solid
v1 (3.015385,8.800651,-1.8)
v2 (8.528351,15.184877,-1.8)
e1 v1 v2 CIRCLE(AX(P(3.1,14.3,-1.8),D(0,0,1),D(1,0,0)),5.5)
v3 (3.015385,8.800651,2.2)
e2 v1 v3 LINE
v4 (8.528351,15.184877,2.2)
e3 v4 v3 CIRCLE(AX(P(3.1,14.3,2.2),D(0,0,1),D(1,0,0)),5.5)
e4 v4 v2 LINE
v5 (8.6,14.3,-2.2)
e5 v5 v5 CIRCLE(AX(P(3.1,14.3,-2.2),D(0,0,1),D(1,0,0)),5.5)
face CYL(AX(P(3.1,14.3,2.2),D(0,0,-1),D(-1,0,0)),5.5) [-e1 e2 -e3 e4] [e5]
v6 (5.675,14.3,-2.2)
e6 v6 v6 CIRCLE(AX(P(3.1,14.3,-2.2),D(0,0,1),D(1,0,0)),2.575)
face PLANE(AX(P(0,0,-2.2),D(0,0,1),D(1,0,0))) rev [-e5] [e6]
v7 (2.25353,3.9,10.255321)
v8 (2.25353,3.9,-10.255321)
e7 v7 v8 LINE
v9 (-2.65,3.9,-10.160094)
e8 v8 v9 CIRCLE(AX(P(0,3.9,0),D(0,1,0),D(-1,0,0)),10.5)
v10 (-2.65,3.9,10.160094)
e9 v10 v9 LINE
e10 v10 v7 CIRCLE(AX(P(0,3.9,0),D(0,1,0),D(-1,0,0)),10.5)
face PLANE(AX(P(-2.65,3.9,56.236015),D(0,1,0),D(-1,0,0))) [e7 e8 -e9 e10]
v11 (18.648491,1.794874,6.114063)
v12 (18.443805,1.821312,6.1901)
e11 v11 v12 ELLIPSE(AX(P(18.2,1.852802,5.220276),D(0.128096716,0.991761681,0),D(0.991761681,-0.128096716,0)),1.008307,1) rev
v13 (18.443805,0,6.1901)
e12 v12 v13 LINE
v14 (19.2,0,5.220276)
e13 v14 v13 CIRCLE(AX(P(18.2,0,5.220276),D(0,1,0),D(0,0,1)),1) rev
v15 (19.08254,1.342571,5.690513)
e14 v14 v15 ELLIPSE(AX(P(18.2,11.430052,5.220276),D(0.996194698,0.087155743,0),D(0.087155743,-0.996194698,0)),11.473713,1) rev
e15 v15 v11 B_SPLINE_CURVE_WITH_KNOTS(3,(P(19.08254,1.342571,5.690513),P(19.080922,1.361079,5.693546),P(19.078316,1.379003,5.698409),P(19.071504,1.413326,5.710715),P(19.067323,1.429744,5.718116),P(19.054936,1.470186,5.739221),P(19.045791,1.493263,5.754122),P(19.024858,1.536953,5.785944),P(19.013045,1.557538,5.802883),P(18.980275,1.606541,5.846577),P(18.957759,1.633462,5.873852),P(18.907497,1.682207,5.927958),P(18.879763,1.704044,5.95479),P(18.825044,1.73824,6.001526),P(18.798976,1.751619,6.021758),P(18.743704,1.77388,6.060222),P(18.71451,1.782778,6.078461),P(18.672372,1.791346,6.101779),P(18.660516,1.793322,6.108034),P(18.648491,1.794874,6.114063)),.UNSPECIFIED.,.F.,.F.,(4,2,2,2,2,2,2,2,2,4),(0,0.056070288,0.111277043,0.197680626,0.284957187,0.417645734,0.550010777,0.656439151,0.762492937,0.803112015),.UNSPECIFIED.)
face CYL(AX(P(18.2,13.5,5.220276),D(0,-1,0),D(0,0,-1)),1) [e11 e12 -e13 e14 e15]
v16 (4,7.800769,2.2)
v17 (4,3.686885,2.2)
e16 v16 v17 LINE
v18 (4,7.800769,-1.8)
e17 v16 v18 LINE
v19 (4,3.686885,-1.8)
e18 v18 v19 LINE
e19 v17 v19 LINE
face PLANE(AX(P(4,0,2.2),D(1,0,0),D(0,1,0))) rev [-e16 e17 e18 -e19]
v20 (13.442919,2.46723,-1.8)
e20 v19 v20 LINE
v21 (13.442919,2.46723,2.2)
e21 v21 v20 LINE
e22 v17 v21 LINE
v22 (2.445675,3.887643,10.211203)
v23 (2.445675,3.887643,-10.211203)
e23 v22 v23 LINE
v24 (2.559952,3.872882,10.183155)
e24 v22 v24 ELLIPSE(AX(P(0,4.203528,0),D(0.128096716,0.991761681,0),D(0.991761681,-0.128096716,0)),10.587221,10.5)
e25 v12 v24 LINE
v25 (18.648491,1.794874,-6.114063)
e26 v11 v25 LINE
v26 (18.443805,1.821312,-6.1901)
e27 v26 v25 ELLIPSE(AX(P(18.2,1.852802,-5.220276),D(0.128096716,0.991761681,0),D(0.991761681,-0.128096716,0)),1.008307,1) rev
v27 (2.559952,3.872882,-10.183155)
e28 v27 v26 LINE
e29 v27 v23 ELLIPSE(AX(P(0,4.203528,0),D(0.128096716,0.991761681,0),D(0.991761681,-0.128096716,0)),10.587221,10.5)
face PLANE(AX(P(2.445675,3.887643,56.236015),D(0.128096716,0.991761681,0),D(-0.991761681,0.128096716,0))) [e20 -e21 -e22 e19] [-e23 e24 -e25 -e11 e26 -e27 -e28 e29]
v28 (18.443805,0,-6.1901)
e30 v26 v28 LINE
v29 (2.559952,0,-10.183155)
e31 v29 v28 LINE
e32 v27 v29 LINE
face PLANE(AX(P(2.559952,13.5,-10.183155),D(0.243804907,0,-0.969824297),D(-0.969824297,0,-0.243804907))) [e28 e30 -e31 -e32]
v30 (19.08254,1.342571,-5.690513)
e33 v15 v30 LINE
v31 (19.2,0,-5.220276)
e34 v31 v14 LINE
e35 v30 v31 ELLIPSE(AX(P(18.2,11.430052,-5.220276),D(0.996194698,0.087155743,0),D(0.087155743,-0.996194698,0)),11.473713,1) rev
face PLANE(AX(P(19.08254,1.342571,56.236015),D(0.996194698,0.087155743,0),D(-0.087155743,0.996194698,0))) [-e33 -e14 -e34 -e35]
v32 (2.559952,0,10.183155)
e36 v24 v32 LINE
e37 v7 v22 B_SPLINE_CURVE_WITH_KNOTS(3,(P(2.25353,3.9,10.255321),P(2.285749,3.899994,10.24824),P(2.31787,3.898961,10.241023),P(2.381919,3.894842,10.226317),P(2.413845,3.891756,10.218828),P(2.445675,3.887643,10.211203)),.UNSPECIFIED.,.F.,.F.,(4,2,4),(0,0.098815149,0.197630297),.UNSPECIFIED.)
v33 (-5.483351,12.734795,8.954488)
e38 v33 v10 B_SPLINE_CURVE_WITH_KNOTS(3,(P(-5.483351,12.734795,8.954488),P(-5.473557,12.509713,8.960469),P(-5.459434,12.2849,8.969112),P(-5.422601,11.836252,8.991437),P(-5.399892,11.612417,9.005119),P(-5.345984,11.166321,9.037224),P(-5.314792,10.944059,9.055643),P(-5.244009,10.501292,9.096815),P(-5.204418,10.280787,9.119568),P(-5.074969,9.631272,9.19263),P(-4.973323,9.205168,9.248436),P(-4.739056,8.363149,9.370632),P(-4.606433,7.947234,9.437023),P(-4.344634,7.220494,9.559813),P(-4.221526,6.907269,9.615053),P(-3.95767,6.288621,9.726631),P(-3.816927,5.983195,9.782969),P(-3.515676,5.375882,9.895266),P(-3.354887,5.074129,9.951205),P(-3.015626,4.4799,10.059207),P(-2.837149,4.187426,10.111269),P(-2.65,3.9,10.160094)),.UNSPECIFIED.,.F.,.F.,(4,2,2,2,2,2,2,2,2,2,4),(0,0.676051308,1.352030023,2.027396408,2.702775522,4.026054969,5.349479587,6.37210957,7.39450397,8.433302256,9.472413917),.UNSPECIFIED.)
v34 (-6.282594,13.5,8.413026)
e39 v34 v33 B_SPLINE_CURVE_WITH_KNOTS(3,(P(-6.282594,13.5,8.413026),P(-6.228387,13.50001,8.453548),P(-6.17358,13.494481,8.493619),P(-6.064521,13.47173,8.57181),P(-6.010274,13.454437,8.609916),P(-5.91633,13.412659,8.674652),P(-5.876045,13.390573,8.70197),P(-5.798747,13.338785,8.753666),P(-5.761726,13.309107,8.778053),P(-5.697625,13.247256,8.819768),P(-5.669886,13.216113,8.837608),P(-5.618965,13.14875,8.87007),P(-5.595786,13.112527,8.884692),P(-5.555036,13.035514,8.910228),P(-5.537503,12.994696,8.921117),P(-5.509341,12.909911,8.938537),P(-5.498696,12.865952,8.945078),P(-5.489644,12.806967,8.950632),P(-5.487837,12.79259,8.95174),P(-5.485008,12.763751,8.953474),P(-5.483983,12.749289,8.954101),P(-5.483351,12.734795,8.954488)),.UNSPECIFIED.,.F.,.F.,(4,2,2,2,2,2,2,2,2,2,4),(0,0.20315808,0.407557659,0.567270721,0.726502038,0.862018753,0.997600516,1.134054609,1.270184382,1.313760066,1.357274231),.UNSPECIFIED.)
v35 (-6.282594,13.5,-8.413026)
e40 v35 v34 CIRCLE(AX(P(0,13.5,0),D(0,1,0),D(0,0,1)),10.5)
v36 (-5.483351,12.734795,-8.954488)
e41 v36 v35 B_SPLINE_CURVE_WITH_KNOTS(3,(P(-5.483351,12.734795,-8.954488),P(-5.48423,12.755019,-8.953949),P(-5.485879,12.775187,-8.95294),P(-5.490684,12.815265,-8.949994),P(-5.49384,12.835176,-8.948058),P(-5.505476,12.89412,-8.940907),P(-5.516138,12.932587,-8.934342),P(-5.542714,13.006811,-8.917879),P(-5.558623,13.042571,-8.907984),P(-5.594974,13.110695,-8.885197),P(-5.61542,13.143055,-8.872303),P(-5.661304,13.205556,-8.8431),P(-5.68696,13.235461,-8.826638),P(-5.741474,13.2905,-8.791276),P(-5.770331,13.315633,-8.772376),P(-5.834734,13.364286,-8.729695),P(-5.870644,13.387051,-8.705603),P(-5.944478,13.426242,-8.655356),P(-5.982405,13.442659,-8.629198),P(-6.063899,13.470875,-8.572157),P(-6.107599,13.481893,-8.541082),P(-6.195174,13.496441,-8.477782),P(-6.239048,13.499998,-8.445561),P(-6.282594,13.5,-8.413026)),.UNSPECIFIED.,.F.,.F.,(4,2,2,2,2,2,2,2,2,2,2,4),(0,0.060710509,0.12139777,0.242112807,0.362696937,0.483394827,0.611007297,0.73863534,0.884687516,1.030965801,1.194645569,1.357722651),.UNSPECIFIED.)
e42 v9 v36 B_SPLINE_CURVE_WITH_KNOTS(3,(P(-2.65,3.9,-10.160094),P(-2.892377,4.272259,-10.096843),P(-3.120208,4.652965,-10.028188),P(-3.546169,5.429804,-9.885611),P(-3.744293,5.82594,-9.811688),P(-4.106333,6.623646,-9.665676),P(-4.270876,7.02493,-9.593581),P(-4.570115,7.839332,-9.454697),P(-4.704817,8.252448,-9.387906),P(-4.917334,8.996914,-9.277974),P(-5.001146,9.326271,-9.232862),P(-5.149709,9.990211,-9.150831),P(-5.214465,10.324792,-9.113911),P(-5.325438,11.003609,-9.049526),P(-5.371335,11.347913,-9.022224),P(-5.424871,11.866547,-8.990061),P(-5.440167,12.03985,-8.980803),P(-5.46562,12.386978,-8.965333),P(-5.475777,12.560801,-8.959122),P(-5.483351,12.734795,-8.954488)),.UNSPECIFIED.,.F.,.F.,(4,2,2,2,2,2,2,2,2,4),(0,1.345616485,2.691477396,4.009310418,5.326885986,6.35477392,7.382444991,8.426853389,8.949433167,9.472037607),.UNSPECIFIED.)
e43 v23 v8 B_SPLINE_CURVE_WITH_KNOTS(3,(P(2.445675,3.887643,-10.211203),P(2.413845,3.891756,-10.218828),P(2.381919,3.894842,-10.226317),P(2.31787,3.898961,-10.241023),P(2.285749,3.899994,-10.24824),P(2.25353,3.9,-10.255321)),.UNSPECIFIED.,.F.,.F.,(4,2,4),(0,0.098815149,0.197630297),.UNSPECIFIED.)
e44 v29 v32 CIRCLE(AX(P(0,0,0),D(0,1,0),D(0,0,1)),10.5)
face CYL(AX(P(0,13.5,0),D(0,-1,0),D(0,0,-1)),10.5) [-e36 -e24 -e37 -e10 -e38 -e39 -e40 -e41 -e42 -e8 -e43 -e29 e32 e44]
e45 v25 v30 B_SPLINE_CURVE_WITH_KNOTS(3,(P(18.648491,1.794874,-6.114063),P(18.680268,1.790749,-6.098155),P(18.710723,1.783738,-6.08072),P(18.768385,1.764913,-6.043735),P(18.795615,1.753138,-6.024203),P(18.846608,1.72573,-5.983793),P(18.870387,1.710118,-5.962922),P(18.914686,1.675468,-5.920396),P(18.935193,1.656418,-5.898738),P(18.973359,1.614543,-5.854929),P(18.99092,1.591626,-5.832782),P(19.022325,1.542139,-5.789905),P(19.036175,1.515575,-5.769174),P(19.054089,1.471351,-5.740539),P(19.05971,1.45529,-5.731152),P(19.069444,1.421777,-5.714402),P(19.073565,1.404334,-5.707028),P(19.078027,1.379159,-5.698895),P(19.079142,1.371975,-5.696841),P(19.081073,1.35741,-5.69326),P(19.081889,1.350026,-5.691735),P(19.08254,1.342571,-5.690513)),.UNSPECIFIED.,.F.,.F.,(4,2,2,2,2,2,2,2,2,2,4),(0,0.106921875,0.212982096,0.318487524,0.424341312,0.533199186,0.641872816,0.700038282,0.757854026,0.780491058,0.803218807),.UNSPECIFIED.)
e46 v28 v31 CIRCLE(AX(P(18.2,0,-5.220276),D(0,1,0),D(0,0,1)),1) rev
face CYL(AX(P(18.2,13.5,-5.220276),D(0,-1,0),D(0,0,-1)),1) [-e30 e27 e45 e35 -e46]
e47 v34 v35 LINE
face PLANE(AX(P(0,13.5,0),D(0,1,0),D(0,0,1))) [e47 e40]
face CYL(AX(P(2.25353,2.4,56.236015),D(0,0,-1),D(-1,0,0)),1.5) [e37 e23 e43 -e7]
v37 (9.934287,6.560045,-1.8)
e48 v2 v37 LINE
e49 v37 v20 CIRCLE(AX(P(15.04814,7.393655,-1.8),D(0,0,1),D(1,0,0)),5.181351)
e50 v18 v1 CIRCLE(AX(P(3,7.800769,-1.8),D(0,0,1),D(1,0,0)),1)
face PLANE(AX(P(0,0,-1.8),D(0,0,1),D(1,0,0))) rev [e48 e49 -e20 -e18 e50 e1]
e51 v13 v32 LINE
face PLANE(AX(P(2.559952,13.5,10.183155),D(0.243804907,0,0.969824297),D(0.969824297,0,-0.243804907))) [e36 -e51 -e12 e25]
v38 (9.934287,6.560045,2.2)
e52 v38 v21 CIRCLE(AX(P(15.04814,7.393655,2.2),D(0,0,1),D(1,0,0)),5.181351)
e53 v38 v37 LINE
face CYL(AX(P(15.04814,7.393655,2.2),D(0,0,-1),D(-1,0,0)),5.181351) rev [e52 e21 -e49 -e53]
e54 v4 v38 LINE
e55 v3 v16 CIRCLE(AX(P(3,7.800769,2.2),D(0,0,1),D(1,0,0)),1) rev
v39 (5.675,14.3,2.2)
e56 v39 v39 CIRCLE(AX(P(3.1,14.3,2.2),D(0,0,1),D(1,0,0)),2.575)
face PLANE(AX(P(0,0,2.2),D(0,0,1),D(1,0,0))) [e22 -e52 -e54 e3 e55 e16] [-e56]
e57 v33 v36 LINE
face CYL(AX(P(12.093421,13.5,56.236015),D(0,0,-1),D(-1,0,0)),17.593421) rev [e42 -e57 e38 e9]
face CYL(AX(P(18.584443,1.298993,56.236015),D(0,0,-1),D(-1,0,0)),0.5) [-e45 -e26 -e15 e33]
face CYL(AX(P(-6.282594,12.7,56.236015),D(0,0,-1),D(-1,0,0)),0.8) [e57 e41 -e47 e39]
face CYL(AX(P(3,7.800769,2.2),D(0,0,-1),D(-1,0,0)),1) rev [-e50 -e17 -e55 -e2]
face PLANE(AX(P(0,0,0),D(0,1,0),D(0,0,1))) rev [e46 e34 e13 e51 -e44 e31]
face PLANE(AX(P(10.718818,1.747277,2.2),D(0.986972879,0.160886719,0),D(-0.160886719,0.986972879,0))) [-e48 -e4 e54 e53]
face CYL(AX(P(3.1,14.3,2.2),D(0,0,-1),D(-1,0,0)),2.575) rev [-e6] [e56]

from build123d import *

# Parameters (mm, degrees)
SKETCH1_R                = 10.5
BOSS_EXTRUDE1_DEPTH      = 13.5
CUT_EXTRUDE1_DEPTH       = 11.5
CUT_EXTRUDE1_DEPTH_BACK  = 11.5
SKETCH5_R                = 5.5
SKETCH5_R_2              = 2.575
BOSS_EXTRUDE2_DEPTH      = 2.2
BOSS_EXTRUDE2_DEPTH_BACK = 1.8
SKETCH5_4_R              = 5.5
SKETCH5_4_R_2            = 2.575
BOSS_EXTRUDE3_DEPTH      = 2.2
FILLET1_R                = 1


with BuildPart() as part:
    # Sketch1 → Boss-Extrude1 (new body)
    with BuildSketch(Plane(origin=(0, 0, 0), x_dir=(1, 0, 0), z_dir=(0, 1, 0))):
        with BuildLine():
            Line((18.443804907, 6.19010049), (2.559951525, 10.18315512))
            ThreePointArc((2.559951525, 10.18315512), (8.280383174, 6.45641189), (10.5, 0))
            ThreePointArc((10.5, 0), (8.280383174, -6.45641189), (2.559951525, -10.18315512))
            Line((2.559951525, -10.18315512), (18.443804907, -6.19010049))
            ThreePointArc((18.443804907, -6.19010049), (18.988607921, -5.835172564), (19.2, -5.220276193))
            Line((19.2, -5.220276193), (19.2, 5.220276193))
            ThreePointArc((19.2, 5.220276193), (18.988607921, 5.835172564), (18.443804907, 6.19010049))
        make_face()
        Circle(SKETCH1_R)
    extrude(amount=BOSS_EXTRUDE1_DEPTH)

    # Sketch2 → Cut-Extrude1 (cut, two sides)
    with BuildSketch(Plane.XY) as cut_extrude1_sk:
        with BuildLine():
            Line((-85.748448257, 13.5), (-10.5, 13.5))
            Line((-10.5, 13.5), (-6.28259424, 13.5))
            ThreePointArc((-6.28259424, 13.5), (-5.729347477, 13.277856401), (-5.483351282, 12.73479505))
            ThreePointArc((-5.483351282, 12.73479505), (-4.659552595, 8.127259704), (-2.65, 3.9))
            Line((-2.65, 3.9), (2.253530088, 3.9))
            ThreePointArc((2.253530088, 3.9), (2.349801107, 3.896907442), (2.445675162, 3.887642521))
            Line((2.445675162, 3.887642521), (18.648491256, 1.794874091))
            ThreePointArc((18.648491256, 1.794874091), (18.945201048, 1.645191976), (19.082540247, 1.342571122))
            Line((19.082540247, 1.342571122), (19.2, 0))
            Line((19.2, 0), (25.758334398, -74.962105194))
            Line((25.758334398, -74.962105194), (119.29298444, 42.938637392))
            Line((119.29298444, 42.938637392), (7.786201784, 131.400742585))
            Line((7.786201784, 131.400742585), (-85.748448257, 13.5))
        make_face()
    extrude(amount=CUT_EXTRUDE1_DEPTH, mode=Mode.SUBTRACT)
    extrude(cut_extrude1_sk.sketch, amount=-CUT_EXTRUDE1_DEPTH_BACK, mode=Mode.SUBTRACT)

    # Sketch5 → Boss-Extrude2 (add, two sides)
    with BuildSketch(Plane.XY) as boss_extrude2_sk:
        with BuildLine():
            Line((9.93428712, 6.560044551), (8.528350834, 15.184876952))
            ThreePointArc((8.528350834, 15.184876952), (8.582058445, 14.743886479), (8.6, 14.3))
            ThreePointArc((8.6, 14.3), (7.295235393, 10.743316151), (4, 8.874136013))
            Line((4, 8.874136013), (4, 3.9))
            Line((4, 3.9), (4, 2.282191618))
            Line((4, 2.282191618), (14.2, 2.282191618))
            ThreePointArc((14.2, 2.282191618), (11.37916934, 3.735096256), (9.93428712, 6.560044551))
        make_face()
        with Locations((3.1, 14.3)):
            Circle(SKETCH5_R)
        with Locations((3.1, 14.3)):
            Circle(SKETCH5_R_2, mode=Mode.SUBTRACT)
    extrude(amount=BOSS_EXTRUDE2_DEPTH)
    extrude(boss_extrude2_sk.sketch, amount=-BOSS_EXTRUDE2_DEPTH_BACK)

    # Sketch5<4> → Boss-Extrude3 (add)
    with BuildSketch(Plane.XY):
        with Locations((3.1, 14.3)):
            Circle(SKETCH5_4_R)
        with Locations((3.1, 14.3)):
            Circle(SKETCH5_4_R_2, mode=Mode.SUBTRACT)
    extrude(amount=-BOSS_EXTRUDE3_DEPTH)

    # Fillet1
    fillet1_edges = [part.edges().sort_by_distance(p)[0] for p in [
        (4, 8.874136013, 0.2),
    ]]
    fillet(fillet1_edges, radius=FILLET1_R)


solid = part.part
